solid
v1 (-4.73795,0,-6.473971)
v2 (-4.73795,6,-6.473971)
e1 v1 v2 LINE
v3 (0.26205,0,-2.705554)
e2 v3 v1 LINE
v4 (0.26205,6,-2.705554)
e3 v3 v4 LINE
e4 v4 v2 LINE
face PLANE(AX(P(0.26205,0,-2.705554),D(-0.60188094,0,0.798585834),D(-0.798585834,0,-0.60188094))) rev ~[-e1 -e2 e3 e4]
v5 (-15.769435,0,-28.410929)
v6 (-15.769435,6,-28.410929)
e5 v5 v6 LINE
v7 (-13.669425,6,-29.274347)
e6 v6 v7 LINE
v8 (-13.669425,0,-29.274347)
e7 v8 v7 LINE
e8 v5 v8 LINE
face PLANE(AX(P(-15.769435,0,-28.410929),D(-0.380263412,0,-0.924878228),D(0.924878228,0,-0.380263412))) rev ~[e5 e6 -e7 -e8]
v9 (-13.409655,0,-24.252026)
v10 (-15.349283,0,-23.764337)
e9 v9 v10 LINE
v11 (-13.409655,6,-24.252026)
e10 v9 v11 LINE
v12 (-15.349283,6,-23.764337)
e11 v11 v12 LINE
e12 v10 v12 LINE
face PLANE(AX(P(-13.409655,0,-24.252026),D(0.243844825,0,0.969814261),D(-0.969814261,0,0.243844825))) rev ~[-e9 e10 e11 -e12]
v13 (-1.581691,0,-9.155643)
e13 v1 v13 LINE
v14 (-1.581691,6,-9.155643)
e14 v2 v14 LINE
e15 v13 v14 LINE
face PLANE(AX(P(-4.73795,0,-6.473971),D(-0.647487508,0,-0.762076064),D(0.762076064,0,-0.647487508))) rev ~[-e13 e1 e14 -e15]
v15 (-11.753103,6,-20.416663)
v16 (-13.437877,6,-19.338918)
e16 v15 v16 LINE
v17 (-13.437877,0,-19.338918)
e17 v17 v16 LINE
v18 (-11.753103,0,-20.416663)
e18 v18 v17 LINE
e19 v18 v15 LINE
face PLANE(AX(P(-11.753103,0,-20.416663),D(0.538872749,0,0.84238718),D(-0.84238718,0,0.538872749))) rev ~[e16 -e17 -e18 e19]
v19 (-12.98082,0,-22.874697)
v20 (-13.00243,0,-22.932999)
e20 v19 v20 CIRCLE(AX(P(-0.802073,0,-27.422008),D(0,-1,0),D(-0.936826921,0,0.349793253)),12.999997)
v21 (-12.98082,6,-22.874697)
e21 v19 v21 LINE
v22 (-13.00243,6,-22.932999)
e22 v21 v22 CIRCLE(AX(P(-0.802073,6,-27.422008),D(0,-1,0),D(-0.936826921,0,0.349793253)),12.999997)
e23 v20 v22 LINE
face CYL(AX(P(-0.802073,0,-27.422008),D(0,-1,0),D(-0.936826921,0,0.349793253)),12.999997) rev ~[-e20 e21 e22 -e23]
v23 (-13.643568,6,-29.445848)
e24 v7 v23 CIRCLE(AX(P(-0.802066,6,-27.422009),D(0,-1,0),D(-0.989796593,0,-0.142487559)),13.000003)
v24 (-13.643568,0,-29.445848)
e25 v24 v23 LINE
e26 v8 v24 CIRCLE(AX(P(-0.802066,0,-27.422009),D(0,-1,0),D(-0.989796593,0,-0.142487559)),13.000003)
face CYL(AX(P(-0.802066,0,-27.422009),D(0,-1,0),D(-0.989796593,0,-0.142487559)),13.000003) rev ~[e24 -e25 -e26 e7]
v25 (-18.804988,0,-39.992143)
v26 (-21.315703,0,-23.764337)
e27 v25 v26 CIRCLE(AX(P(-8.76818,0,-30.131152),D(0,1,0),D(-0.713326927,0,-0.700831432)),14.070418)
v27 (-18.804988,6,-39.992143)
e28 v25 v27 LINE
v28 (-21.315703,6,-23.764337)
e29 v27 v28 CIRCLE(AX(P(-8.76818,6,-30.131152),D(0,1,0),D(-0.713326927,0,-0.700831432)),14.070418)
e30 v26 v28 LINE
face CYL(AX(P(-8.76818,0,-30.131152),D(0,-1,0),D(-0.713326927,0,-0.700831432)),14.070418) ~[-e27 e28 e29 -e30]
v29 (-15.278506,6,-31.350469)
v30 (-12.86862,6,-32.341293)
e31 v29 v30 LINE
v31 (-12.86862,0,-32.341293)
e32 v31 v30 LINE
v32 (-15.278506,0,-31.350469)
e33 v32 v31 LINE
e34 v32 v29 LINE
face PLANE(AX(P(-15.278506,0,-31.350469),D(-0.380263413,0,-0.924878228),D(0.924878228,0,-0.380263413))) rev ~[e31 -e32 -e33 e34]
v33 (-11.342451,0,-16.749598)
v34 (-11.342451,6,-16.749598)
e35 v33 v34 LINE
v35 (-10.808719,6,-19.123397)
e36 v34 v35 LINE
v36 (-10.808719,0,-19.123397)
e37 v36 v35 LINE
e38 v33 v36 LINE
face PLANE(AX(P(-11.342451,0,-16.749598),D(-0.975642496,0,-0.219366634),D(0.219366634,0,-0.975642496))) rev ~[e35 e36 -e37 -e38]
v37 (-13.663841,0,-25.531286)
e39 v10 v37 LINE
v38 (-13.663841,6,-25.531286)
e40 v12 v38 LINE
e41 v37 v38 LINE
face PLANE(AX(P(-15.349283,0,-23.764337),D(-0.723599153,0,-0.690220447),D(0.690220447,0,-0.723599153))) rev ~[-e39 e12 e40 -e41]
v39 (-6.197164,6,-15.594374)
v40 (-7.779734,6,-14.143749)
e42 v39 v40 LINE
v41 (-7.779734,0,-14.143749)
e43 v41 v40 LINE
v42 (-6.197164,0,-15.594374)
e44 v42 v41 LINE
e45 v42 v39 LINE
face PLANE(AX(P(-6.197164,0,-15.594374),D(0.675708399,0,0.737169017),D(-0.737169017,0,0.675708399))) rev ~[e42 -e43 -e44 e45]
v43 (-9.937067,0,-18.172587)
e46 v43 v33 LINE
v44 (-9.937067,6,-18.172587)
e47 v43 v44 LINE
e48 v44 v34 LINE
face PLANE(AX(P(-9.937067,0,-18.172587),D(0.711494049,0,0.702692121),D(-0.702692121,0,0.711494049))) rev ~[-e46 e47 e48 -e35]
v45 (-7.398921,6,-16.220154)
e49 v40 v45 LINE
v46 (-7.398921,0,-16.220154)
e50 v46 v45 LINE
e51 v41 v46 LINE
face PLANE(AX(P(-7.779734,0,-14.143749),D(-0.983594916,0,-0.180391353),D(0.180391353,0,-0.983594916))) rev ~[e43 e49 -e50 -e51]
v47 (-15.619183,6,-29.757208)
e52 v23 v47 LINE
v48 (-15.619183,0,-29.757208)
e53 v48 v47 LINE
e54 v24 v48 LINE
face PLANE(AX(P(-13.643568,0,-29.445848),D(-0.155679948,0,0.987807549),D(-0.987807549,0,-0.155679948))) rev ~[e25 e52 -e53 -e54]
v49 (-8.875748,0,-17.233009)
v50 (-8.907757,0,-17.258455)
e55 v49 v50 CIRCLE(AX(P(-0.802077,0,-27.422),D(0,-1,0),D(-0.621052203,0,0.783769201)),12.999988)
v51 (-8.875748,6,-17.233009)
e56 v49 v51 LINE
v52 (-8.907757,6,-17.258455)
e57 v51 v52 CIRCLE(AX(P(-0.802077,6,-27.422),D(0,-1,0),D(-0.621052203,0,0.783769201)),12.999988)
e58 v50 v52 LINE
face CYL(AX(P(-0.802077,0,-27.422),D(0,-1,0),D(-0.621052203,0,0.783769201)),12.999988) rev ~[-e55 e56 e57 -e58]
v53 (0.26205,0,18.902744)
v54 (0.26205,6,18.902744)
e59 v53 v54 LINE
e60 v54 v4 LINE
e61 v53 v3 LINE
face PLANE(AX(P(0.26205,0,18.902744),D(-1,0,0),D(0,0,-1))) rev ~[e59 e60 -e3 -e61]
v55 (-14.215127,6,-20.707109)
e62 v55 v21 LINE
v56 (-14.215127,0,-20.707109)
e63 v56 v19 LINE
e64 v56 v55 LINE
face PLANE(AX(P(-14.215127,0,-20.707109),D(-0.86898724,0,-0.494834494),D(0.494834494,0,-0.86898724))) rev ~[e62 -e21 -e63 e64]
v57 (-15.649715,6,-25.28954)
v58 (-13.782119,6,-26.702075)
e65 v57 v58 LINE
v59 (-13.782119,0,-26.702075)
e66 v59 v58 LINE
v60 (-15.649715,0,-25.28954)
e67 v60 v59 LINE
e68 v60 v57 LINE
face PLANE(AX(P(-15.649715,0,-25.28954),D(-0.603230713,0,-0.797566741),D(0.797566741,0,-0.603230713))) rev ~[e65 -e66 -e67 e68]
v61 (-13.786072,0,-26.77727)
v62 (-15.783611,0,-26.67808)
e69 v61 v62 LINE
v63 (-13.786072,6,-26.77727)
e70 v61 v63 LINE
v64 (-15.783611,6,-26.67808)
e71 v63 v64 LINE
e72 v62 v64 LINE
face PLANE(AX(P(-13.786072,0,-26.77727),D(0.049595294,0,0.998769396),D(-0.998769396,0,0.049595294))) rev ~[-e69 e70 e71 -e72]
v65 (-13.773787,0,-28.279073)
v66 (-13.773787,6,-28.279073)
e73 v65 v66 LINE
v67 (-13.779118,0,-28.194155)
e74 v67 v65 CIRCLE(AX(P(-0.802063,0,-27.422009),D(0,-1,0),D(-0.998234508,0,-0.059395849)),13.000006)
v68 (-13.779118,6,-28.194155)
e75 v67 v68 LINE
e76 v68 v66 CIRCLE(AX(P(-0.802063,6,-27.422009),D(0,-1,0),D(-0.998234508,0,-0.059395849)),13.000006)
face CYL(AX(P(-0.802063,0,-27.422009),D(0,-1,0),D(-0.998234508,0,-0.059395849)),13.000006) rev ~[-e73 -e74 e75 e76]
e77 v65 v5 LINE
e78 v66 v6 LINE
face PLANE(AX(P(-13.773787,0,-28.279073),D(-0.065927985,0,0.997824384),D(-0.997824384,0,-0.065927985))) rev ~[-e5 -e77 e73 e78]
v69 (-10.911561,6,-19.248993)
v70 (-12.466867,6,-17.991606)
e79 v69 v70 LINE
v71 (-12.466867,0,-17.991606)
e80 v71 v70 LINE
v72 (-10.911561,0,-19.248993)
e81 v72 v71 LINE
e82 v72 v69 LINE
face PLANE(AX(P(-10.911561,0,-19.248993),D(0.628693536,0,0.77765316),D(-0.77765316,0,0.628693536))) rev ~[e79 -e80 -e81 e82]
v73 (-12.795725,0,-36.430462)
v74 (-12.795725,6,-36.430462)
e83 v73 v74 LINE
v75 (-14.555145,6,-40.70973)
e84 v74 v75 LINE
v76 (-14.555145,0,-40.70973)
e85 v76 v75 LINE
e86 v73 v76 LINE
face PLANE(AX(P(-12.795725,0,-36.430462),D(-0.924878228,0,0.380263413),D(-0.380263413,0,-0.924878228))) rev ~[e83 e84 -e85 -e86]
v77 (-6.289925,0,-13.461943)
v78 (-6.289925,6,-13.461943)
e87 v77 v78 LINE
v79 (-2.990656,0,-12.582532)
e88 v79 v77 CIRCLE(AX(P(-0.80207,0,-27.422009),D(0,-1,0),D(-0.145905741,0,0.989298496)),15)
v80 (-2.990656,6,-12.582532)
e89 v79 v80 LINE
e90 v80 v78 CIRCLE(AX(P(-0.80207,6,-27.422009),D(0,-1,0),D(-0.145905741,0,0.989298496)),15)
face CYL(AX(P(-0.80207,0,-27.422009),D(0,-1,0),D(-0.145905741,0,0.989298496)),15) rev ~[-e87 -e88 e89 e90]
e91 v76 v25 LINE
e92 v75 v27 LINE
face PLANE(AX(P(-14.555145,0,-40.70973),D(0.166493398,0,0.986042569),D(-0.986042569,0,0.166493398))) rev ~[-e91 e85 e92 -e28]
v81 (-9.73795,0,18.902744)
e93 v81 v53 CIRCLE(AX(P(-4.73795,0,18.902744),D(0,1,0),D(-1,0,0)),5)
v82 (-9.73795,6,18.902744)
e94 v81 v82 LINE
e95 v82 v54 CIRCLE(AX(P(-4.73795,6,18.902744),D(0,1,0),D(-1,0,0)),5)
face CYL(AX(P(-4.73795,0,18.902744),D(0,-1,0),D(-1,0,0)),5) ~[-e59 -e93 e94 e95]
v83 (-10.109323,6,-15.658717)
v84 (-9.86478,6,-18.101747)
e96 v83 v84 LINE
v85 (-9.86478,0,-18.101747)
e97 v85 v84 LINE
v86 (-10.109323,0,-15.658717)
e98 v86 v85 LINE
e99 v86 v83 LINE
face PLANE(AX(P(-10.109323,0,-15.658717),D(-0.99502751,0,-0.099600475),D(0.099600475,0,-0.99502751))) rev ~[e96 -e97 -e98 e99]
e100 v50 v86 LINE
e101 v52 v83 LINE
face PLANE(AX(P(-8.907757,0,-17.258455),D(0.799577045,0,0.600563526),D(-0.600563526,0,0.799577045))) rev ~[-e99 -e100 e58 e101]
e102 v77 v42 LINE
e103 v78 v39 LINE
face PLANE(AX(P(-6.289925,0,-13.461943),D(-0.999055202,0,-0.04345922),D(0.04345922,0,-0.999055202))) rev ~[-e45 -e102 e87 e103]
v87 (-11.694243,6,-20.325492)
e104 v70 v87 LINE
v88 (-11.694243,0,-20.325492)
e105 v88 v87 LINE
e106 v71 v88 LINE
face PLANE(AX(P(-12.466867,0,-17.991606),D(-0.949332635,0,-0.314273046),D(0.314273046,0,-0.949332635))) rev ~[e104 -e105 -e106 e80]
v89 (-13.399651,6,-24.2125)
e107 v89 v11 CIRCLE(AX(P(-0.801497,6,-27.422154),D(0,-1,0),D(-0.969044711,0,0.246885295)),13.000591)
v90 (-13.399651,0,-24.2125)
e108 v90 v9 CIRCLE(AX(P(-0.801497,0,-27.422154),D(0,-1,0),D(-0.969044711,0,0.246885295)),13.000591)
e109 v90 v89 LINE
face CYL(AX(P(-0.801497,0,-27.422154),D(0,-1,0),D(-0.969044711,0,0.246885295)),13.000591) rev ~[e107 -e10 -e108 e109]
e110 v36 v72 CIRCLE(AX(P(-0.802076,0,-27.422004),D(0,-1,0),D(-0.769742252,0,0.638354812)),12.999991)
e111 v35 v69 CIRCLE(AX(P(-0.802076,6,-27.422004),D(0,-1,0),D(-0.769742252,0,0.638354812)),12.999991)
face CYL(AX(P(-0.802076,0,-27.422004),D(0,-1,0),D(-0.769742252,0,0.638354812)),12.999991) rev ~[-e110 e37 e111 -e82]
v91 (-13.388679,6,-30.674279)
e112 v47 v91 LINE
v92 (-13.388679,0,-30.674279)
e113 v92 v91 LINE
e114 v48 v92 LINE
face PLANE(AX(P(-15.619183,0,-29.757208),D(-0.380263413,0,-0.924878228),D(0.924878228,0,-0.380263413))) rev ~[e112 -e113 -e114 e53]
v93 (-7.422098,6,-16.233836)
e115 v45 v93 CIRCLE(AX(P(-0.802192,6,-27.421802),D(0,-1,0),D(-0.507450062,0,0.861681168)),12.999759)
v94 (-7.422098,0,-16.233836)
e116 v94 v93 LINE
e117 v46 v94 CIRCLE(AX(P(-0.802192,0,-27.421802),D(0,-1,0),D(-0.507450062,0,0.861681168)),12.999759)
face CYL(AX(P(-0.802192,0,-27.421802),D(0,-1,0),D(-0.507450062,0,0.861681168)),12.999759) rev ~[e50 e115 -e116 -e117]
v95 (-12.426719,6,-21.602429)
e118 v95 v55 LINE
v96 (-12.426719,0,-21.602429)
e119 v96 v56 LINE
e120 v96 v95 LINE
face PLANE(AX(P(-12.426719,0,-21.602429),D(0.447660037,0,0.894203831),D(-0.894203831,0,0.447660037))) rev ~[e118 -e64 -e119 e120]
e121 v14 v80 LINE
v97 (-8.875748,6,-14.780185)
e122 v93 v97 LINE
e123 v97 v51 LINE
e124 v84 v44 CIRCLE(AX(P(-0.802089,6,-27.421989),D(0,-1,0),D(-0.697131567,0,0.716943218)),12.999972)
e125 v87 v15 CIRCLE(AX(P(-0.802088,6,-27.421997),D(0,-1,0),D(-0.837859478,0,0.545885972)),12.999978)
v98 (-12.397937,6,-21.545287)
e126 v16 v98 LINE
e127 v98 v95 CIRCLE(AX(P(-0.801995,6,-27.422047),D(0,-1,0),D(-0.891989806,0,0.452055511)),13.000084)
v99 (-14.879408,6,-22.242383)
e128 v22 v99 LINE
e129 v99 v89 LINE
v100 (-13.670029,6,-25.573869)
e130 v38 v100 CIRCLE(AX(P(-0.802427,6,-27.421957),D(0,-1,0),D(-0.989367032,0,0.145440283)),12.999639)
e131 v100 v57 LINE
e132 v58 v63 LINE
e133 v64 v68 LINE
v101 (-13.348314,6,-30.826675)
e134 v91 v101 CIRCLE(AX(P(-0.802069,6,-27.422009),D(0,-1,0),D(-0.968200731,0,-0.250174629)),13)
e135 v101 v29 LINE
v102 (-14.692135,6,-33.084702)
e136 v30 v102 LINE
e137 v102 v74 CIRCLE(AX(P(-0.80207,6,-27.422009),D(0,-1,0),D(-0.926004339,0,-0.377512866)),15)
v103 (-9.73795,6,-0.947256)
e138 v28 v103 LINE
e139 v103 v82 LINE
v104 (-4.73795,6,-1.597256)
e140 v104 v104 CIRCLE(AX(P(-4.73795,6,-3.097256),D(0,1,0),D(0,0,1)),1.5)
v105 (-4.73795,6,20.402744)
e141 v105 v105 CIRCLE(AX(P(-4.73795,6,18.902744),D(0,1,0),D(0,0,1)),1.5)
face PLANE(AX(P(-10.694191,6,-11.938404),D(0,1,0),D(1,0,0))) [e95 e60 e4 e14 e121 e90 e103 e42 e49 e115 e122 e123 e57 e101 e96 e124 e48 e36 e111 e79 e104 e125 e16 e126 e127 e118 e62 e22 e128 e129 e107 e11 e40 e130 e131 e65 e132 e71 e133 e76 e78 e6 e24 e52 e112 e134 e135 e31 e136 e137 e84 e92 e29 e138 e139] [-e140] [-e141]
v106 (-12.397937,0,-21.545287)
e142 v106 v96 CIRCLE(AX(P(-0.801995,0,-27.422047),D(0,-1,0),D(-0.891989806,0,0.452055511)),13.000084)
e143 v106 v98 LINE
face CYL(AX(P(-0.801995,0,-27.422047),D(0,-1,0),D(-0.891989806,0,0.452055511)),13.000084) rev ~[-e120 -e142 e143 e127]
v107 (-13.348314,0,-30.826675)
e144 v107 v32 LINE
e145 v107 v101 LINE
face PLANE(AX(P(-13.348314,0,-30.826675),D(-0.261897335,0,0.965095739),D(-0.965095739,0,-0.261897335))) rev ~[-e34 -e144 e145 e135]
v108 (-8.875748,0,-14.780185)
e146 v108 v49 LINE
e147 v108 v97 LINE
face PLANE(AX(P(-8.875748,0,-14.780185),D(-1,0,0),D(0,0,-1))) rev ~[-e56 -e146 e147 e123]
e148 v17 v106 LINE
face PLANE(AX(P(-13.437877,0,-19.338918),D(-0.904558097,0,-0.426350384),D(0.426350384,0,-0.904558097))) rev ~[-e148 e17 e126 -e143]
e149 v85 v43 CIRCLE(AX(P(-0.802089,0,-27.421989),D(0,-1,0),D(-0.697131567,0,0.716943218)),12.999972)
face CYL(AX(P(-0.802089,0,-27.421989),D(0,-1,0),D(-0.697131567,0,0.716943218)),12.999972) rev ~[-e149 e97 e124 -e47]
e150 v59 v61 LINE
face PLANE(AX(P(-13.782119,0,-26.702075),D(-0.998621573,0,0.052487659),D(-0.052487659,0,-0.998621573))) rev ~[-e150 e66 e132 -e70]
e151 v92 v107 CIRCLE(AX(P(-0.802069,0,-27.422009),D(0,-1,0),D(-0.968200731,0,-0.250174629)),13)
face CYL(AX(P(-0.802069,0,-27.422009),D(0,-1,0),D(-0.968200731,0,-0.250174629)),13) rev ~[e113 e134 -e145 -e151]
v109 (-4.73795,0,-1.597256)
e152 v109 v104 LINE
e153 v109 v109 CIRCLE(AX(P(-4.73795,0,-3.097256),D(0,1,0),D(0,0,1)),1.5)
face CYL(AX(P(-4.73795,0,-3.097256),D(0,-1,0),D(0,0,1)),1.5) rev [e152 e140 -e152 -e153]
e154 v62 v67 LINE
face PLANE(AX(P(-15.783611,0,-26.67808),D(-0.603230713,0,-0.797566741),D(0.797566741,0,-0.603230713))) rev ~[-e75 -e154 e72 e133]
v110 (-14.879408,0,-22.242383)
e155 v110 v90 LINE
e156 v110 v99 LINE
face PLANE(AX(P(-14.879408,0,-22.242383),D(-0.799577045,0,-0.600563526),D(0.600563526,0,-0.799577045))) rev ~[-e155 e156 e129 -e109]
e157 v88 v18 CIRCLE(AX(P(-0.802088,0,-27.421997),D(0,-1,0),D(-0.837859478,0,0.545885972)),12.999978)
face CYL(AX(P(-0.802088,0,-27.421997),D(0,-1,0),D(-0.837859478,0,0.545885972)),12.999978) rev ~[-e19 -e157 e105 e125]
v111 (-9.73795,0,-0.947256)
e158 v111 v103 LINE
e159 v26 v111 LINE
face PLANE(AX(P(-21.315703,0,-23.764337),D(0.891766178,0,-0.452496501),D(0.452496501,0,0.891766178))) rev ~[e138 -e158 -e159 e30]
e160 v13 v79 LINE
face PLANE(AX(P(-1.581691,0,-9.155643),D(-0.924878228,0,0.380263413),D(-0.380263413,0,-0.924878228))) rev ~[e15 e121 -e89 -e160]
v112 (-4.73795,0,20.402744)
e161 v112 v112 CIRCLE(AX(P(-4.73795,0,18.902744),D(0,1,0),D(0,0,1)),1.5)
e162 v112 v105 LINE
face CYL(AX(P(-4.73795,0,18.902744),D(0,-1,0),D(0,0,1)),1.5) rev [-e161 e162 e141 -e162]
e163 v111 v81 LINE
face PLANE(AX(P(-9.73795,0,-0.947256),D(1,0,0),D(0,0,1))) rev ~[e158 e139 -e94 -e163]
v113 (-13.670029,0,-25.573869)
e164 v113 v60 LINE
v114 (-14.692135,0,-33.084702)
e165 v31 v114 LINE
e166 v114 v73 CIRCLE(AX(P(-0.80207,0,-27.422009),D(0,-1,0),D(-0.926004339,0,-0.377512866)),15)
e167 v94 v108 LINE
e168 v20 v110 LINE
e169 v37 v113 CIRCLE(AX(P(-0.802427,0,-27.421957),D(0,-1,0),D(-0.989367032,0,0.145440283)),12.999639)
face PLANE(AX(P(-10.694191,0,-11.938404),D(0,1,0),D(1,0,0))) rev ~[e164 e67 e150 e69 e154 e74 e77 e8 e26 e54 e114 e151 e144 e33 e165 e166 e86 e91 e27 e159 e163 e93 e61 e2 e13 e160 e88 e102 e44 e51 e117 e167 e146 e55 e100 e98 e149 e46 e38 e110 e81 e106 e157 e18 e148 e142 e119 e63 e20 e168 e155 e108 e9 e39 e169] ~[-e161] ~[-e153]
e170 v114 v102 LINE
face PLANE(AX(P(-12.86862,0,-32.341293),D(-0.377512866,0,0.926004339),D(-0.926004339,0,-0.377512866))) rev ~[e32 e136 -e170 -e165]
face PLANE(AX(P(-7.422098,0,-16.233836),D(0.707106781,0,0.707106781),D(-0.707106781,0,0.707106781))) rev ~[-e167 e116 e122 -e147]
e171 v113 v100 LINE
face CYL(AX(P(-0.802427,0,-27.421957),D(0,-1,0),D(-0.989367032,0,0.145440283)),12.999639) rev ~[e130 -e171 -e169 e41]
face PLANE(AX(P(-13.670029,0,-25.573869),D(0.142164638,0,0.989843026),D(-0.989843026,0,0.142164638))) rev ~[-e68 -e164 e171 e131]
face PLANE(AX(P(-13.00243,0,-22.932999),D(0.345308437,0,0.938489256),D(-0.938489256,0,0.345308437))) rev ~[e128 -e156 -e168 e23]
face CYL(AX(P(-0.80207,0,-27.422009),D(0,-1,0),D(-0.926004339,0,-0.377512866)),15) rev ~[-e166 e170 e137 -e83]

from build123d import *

# Parameters (mm, degrees)
SKETCH_1_R      = 1.5
EXTRUDE_1_DEPTH = 6


with BuildPart() as part:
    # 草图1 → 凸台-拉伸1 (new body)
    with BuildSketch(Plane(origin=(0, 0, 0), x_dir=(1, 0, 0), z_dir=(0, 1, 0))):
        with BuildLine():
            Line((-9.737949598, 0.947255951), (-9.737949598, -18.902744049))
            ThreePointArc((-9.737949598, -18.902744049), (-4.737949598, -23.902744049), (0.262050402, -18.902744049))
            Line((0.262050402, -18.902744049), (0.262050402, 2.705554152))
            Line((0.262050402, 2.705554152), (-4.737949598, 6.473971492))
            Line((-4.737949598, 6.473971492), (-1.581691427, 9.155643094))
            Line((-1.581691427, 9.155643094), (-2.990655676, 12.582531705))
            ThreePointArc((-2.990655676, 12.582531705), (-4.665394525, 12.928054539), (-6.289924982, 13.461943142))
            Line((-6.289924982, 13.461943142), (-6.197163572, 15.594373686))
            Line((-6.197163572, 15.594373686), (-7.779733646, 14.143748571))
            Line((-7.779733646, 14.143748571), (-7.398920758, 16.220154199))
            ThreePointArc((-7.398920758, 16.220154199), (-7.410512726, 16.226988873), (-7.422097613, 16.233835543))
            Line((-7.422097613, 16.233835543), (-8.875748064, 14.780185092))
            Line((-8.875748064, 14.780185092), (-8.875748064, 17.233009419))
            ThreePointArc((-8.875748064, 17.233009419), (-8.89176269, 17.245719789), (-8.907757306, 17.25845533))
            Line((-8.907757306, 17.25845533), (-10.109322939, 15.658717321))
            Line((-10.109322939, 15.658717321), (-9.864779998, 18.101747371))
            ThreePointArc((-9.864779998, 18.101747371), (-9.900992511, 18.13709659), (-9.937067144, 18.172586506))
            Line((-9.937067144, 18.172586506), (-11.342451387, 16.749598407))
            Line((-11.342451387, 16.749598407), (-10.808718868, 19.12339663))
            ThreePointArc((-10.808718868, 19.12339663), (-10.8603358, 19.186034382), (-10.91156065, 19.248993181))
            Line((-10.91156065, 19.248993181), (-12.466866971, 17.991606109))
            Line((-12.466866971, 17.991606109), (-11.694242841, 20.325491599))
            ThreePointArc((-11.694242841, 20.325491599), (-11.723768007, 20.371016087), (-11.753102902, 20.416663414))
            Line((-11.753102902, 20.416663414), (-13.437877261, 19.338917916))
            Line((-13.437877261, 19.338917916), (-12.397936945, 21.545287297))
            ThreePointArc((-12.397936945, 21.545287297), (-12.412363311, 21.573840278), (-12.426719371, 21.602428674))
            Line((-12.426719371, 21.602428674), (-14.215127033, 20.7071086))
            Line((-14.215127033, 20.7071086), (-12.980819551, 22.874696888))
            ThreePointArc((-12.980819551, 22.874696888), (-12.991659581, 22.903835263), (-13.002429896, 22.932999479))
            Line((-13.002429896, 22.932999479), (-14.879408408, 22.242382606))
            Line((-14.879408408, 22.242382606), (-13.399650606, 24.212499539))
            ThreePointArc((-13.399650606, 24.212499539), (-13.404668281, 24.232259063), (-13.409654964, 24.25202643))
            Line((-13.409654964, 24.25202643), (-15.349283486, 23.764336781))
            Line((-15.349283486, 23.764336781), (-13.663841103, 25.531286293))
            ThreePointArc((-13.663841103, 25.531286293), (-13.666952622, 25.552575019), (-13.670028903, 25.573868865))
            Line((-13.670028903, 25.573868865), (-15.649714954, 25.28953959))
            Line((-15.649714954, 25.28953959), (-13.782119424, 26.702074649))
            Line((-13.782119424, 26.702074649), (-13.786071717, 26.777270326))
            Line((-13.786071717, 26.777270326), (-15.783610509, 26.678079738))
            Line((-15.783610509, 26.678079738), (-13.779118172, 28.19415517))
            ThreePointArc((-13.779118172, 28.19415517), (-13.776521837, 28.236618422), (-13.773786555, 28.27907295))
            Line((-13.773786555, 28.27907295), (-15.769435323, 28.41092892))
            Line((-15.769435323, 28.41092892), (-13.669425272, 29.274347437))
            ThreePointArc((-13.669425272, 29.274347437), (-13.656782501, 29.360141075), (-13.643567704, 29.445848467))
            Line((-13.643567704, 29.445848467), (-15.619182802, 29.757208362))
            Line((-15.619182802, 29.757208362), (-13.388679068, 30.674279319))
            ThreePointArc((-13.388679068, 30.674279319), (-13.368727635, 30.750538102), (-13.348314176, 30.826674507))
            Line((-13.348314176, 30.826674507), (-15.278505654, 31.350469177))
            Line((-15.278505654, 31.350469177), (-12.868620153, 32.341292896))
            Line((-12.868620153, 32.341292896), (-14.692134653, 33.084702139))
            ThreePointArc((-14.692134653, 33.084702139), (-13.851601264, 34.818611239), (-12.795725249, 36.430462034))
            Line((-12.795725249, 36.430462034), (-14.555144967, 40.70972987))
            Line((-14.555144967, 40.70972987), (-18.80498844, 39.992143324))
            ThreePointArc((-18.80498844, 39.992143324), (-22.673158885, 32.282486217), (-21.315703366, 23.764336781))
            Line((-21.315703366, 23.764336781), (-9.737949598, 0.947255951))
        make_face()
        with Locations(Location((-4.737949598, -18.902744049, 0), (0, 0, 270))):
            Circle(SKETCH_1_R, mode=Mode.SUBTRACT)
        with Locations(Location((-4.737949598, 3.097255951, 0), (0, 0, 270))):
            Circle(SKETCH_1_R, mode=Mode.SUBTRACT)
    extrude(amount=EXTRUDE_1_DEPTH)


solid = part.part
